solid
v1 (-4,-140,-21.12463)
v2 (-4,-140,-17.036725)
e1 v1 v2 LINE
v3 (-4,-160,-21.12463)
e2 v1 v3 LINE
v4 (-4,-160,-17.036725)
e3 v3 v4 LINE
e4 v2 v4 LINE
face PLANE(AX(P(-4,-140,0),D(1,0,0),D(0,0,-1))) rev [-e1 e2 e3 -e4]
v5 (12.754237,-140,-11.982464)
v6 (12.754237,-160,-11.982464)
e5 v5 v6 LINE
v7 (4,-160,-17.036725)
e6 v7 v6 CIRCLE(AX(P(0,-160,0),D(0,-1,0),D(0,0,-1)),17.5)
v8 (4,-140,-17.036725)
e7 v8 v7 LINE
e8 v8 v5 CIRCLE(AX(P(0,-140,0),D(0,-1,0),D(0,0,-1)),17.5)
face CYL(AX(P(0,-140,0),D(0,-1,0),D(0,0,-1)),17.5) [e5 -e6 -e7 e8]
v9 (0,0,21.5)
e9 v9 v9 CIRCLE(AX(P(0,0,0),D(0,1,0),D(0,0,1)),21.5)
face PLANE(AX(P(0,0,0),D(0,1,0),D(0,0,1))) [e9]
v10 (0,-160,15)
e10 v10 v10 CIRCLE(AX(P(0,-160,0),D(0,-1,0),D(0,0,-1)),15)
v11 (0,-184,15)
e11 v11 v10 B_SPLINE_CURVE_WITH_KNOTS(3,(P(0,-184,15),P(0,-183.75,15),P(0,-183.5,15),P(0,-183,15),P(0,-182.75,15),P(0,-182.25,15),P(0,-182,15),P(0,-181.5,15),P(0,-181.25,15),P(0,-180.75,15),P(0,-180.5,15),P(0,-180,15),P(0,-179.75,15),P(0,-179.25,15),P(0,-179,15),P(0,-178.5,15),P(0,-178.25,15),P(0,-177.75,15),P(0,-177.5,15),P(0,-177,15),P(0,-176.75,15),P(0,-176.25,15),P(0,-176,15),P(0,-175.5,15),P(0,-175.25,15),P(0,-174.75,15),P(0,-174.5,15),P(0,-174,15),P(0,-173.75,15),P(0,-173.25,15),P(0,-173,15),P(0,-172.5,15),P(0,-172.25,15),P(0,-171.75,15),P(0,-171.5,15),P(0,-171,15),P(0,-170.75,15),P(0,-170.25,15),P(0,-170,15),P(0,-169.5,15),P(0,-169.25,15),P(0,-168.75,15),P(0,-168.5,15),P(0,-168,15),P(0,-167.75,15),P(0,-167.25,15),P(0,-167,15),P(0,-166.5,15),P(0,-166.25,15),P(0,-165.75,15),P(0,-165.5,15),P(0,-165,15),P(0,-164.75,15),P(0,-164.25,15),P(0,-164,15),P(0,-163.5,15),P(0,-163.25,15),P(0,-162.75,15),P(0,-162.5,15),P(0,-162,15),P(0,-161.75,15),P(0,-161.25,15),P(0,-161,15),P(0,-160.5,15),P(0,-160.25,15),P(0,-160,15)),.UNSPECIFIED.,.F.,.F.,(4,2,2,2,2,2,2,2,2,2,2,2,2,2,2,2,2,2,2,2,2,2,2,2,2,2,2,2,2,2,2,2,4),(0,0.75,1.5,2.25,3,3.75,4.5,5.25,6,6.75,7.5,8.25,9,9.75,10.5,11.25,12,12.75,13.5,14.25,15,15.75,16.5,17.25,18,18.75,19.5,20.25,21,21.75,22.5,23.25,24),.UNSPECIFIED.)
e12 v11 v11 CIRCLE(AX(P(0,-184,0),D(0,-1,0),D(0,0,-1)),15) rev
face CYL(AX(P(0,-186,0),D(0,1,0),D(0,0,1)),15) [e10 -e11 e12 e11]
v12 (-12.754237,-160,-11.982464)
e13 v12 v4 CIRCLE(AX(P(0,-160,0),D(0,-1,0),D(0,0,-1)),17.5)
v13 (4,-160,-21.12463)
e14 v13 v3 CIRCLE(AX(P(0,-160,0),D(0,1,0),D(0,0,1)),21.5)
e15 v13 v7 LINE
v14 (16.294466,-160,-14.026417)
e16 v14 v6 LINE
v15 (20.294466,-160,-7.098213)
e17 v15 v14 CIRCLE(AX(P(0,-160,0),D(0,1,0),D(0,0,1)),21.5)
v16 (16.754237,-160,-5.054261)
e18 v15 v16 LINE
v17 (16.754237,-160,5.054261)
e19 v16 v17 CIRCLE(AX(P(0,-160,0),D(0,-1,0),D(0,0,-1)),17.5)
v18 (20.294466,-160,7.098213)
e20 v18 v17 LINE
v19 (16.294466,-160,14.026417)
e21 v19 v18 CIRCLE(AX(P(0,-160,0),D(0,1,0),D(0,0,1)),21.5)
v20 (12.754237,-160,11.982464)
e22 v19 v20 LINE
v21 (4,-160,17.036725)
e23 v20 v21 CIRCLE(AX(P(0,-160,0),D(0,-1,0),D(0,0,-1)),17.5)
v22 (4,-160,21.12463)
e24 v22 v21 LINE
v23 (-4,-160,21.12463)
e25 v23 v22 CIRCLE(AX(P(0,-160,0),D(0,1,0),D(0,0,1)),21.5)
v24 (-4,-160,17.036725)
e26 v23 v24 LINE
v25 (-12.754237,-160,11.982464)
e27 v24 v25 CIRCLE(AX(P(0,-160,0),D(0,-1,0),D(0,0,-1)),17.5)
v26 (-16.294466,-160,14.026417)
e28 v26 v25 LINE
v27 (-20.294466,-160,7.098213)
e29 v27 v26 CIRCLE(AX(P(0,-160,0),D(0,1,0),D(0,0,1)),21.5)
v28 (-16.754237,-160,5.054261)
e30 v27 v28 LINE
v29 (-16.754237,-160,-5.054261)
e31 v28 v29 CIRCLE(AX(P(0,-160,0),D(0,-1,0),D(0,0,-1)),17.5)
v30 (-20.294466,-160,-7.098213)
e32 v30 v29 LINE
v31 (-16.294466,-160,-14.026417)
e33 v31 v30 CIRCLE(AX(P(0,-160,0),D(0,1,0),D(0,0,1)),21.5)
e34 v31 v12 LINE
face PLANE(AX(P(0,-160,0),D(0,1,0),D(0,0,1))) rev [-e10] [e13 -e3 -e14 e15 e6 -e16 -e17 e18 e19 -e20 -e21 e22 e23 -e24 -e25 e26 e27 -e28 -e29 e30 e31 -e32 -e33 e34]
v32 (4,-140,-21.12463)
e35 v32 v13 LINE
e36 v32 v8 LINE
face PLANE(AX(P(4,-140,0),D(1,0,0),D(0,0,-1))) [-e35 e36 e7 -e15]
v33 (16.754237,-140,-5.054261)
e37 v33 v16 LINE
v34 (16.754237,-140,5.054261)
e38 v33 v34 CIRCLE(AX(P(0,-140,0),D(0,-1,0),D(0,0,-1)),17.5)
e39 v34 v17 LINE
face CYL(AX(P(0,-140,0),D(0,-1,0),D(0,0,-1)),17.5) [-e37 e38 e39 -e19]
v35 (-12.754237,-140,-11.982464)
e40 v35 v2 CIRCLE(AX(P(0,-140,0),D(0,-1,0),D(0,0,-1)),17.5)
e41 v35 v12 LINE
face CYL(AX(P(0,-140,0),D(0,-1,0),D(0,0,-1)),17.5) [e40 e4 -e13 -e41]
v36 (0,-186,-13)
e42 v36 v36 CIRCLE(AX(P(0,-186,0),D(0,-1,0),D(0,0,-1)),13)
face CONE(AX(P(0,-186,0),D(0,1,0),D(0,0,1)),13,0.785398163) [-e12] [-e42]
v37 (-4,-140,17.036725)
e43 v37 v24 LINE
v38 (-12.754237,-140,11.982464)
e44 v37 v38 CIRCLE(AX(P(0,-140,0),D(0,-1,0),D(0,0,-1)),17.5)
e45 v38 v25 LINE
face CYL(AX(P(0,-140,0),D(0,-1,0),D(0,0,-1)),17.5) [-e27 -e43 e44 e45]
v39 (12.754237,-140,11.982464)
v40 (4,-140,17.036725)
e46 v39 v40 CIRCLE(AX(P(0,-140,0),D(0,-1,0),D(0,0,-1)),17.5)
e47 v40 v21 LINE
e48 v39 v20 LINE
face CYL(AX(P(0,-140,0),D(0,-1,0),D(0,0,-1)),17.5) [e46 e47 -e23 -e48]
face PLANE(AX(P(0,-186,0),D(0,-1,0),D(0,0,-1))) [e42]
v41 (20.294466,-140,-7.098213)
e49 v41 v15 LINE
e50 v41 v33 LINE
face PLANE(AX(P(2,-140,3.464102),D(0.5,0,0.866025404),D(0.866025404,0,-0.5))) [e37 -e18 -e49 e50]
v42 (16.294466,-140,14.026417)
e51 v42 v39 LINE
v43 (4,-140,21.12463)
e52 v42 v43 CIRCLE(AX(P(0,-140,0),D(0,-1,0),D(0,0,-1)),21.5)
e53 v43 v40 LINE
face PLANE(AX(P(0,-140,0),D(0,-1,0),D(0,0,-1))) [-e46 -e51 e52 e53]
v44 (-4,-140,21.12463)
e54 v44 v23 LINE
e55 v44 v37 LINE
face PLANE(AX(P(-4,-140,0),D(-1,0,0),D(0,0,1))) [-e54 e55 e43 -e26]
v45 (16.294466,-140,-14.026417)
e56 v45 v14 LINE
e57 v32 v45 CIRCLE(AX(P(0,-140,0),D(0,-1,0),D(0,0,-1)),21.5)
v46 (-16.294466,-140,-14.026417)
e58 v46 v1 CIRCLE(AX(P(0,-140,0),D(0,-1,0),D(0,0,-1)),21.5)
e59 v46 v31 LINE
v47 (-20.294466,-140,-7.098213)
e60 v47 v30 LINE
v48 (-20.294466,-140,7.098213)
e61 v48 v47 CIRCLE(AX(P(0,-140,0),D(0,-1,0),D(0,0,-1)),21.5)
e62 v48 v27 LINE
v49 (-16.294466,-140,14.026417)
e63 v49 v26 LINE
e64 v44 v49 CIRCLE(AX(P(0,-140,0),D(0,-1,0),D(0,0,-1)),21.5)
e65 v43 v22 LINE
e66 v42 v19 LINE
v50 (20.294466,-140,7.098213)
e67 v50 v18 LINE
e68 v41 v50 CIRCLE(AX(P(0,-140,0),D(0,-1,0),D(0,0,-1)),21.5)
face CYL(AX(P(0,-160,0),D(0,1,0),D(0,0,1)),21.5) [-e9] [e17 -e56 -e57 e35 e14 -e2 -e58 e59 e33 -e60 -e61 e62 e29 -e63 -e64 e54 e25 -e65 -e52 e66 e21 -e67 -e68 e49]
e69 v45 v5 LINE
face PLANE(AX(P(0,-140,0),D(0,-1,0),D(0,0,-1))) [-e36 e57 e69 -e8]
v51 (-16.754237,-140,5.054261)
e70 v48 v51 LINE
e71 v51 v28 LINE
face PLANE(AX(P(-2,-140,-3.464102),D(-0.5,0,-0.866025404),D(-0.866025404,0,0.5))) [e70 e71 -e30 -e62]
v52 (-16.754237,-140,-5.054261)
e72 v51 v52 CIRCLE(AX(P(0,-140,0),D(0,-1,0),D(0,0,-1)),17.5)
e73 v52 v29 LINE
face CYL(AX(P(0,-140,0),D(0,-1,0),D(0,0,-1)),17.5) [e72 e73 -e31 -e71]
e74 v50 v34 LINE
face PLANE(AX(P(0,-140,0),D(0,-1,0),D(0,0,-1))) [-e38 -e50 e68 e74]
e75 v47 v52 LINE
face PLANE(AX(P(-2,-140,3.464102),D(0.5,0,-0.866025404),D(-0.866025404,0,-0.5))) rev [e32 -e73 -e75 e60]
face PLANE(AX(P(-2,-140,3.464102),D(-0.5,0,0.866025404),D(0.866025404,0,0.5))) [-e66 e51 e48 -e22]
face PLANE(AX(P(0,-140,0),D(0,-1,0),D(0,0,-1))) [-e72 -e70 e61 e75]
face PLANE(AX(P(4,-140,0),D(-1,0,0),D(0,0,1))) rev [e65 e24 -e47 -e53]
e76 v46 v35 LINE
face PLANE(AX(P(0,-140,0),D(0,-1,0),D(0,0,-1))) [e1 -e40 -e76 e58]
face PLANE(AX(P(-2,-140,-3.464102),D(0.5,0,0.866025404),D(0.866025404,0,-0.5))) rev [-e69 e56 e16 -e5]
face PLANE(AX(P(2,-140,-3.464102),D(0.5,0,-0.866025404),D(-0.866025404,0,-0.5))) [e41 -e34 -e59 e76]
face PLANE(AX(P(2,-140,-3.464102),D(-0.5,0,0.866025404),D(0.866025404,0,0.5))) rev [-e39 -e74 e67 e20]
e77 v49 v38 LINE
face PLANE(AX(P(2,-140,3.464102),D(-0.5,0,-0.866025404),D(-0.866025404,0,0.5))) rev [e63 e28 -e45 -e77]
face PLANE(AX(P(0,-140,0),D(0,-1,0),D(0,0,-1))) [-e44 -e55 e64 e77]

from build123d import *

# Parameters (mm, degrees)
SKETCH1_R           = 21.5
BOSS_EXTRUDE1_DEPTH = 160
CUT_EXTRUDE1_START  = -20
CUT_EXTRUDE1_DEPTH  = 20
SKETCH4_R           = 15
BOSS_EXTRUDE2_DEPTH = 26
CHAMFER1_SIZE       = 2


with BuildPart() as part:
    # Sketch1 → Boss-Extrude1 (new body)
    with BuildSketch(Plane(origin=(0, 0, 0), x_dir=(1, 0, 0), z_dir=(0, 1, 0))):
        with Locations(Location((0, 0, 0), (0, 0, 270))):
            Circle(SKETCH1_R)
    extrude(amount=-BOSS_EXTRUDE1_DEPTH)

    # Sketch3 → Cut-Extrude1 (cut)
    with BuildSketch(Plane.XZ.offset(160).offset(CUT_EXTRUDE1_START)):
        with BuildLine():
            Line((-4, 17.036725037), (-4, 21.124630174))
            ThreePointArc((-4, 21.124630174), (-10.75, 18.619546181), (-16.294466376, 14.026416702))
            Line((-16.294466376, 14.026416702), (-12.75423668, 11.982464134))
            ThreePointArc((-12.75423668, 11.982464134), (-8.75, 15.155444566), (-4, 17.036725037))
        make_face()
        with BuildLine():
            ThreePointArc((16.294466376, 14.026416702), (10.75, 18.619546181), (4, 21.124630174))
            Line((4, 21.124630174), (4, 17.036725037))
            ThreePointArc((4, 17.036725037), (8.75, 15.155444566), (12.75423668, 11.982464134))
            Line((12.75423668, 11.982464134), (16.294466376, 14.026416702))
        make_face()
        with BuildLine():
            ThreePointArc((21.5, 0), (21.196474083, 3.599928673), (20.294466376, 7.098213472))
            Line((20.294466376, 7.098213472), (16.75423668, 5.054260904))
            ThreePointArc((16.75423668, 5.054260904), (17.5, 0), (16.75423668, -5.054260904))
            Line((16.75423668, -5.054260904), (20.294466376, -7.098213472))
            ThreePointArc((20.294466376, -7.098213472), (21.196474083, -3.599928673), (21.5, 0))
        make_face()
        with BuildLine():
            Line((-16.75423668, 5.054260904), (-20.294466376, 7.098213472))
            ThreePointArc((-20.294466376, 7.098213472), (-21.5, 0), (-20.294466376, -7.098213472))
            Line((-20.294466376, -7.098213472), (-16.75423668, -5.054260904))
            ThreePointArc((-16.75423668, -5.054260904), (-17.5, 0), (-16.75423668, 5.054260904))
        make_face()
        with BuildLine():
            Line((-12.75423668, -11.982464134), (-16.294466376, -14.026416702))
            ThreePointArc((-16.294466376, -14.026416702), (-10.75, -18.619546181), (-4, -21.124630174))
            Line((-4, -21.124630174), (-4, -17.036725037))
            ThreePointArc((-4, -17.036725037), (-8.75, -15.155444566), (-12.75423668, -11.982464134))
        make_face()
        with BuildLine():
            Line((4, -17.036725037), (4, -21.124630174))
            ThreePointArc((4, -21.124630174), (10.75, -18.619546181), (16.294466376, -14.026416702))
            Line((16.294466376, -14.026416702), (12.75423668, -11.982464134))
            ThreePointArc((12.75423668, -11.982464134), (8.75, -15.155444566), (4, -17.036725037))
        make_face()
    extrude(amount=CUT_EXTRUDE1_DEPTH, mode=Mode.SUBTRACT)

    # Sketch4 → Boss-Extrude2 (add)
    with BuildSketch(Plane.XZ.offset(160)):
        with Locations(Location((0, 0, 0), (0, 0, 90))):
            Circle(SKETCH4_R)
    extrude(amount=BOSS_EXTRUDE2_DEPTH)

    # Chamfer1
    chamfer1_edges = [part.edges().sort_by_distance(p)[0] for p in [
        (0, -186, -15),
    ]]
    chamfer(chamfer1_edges, length=CHAMFER1_SIZE)


solid = part.part
